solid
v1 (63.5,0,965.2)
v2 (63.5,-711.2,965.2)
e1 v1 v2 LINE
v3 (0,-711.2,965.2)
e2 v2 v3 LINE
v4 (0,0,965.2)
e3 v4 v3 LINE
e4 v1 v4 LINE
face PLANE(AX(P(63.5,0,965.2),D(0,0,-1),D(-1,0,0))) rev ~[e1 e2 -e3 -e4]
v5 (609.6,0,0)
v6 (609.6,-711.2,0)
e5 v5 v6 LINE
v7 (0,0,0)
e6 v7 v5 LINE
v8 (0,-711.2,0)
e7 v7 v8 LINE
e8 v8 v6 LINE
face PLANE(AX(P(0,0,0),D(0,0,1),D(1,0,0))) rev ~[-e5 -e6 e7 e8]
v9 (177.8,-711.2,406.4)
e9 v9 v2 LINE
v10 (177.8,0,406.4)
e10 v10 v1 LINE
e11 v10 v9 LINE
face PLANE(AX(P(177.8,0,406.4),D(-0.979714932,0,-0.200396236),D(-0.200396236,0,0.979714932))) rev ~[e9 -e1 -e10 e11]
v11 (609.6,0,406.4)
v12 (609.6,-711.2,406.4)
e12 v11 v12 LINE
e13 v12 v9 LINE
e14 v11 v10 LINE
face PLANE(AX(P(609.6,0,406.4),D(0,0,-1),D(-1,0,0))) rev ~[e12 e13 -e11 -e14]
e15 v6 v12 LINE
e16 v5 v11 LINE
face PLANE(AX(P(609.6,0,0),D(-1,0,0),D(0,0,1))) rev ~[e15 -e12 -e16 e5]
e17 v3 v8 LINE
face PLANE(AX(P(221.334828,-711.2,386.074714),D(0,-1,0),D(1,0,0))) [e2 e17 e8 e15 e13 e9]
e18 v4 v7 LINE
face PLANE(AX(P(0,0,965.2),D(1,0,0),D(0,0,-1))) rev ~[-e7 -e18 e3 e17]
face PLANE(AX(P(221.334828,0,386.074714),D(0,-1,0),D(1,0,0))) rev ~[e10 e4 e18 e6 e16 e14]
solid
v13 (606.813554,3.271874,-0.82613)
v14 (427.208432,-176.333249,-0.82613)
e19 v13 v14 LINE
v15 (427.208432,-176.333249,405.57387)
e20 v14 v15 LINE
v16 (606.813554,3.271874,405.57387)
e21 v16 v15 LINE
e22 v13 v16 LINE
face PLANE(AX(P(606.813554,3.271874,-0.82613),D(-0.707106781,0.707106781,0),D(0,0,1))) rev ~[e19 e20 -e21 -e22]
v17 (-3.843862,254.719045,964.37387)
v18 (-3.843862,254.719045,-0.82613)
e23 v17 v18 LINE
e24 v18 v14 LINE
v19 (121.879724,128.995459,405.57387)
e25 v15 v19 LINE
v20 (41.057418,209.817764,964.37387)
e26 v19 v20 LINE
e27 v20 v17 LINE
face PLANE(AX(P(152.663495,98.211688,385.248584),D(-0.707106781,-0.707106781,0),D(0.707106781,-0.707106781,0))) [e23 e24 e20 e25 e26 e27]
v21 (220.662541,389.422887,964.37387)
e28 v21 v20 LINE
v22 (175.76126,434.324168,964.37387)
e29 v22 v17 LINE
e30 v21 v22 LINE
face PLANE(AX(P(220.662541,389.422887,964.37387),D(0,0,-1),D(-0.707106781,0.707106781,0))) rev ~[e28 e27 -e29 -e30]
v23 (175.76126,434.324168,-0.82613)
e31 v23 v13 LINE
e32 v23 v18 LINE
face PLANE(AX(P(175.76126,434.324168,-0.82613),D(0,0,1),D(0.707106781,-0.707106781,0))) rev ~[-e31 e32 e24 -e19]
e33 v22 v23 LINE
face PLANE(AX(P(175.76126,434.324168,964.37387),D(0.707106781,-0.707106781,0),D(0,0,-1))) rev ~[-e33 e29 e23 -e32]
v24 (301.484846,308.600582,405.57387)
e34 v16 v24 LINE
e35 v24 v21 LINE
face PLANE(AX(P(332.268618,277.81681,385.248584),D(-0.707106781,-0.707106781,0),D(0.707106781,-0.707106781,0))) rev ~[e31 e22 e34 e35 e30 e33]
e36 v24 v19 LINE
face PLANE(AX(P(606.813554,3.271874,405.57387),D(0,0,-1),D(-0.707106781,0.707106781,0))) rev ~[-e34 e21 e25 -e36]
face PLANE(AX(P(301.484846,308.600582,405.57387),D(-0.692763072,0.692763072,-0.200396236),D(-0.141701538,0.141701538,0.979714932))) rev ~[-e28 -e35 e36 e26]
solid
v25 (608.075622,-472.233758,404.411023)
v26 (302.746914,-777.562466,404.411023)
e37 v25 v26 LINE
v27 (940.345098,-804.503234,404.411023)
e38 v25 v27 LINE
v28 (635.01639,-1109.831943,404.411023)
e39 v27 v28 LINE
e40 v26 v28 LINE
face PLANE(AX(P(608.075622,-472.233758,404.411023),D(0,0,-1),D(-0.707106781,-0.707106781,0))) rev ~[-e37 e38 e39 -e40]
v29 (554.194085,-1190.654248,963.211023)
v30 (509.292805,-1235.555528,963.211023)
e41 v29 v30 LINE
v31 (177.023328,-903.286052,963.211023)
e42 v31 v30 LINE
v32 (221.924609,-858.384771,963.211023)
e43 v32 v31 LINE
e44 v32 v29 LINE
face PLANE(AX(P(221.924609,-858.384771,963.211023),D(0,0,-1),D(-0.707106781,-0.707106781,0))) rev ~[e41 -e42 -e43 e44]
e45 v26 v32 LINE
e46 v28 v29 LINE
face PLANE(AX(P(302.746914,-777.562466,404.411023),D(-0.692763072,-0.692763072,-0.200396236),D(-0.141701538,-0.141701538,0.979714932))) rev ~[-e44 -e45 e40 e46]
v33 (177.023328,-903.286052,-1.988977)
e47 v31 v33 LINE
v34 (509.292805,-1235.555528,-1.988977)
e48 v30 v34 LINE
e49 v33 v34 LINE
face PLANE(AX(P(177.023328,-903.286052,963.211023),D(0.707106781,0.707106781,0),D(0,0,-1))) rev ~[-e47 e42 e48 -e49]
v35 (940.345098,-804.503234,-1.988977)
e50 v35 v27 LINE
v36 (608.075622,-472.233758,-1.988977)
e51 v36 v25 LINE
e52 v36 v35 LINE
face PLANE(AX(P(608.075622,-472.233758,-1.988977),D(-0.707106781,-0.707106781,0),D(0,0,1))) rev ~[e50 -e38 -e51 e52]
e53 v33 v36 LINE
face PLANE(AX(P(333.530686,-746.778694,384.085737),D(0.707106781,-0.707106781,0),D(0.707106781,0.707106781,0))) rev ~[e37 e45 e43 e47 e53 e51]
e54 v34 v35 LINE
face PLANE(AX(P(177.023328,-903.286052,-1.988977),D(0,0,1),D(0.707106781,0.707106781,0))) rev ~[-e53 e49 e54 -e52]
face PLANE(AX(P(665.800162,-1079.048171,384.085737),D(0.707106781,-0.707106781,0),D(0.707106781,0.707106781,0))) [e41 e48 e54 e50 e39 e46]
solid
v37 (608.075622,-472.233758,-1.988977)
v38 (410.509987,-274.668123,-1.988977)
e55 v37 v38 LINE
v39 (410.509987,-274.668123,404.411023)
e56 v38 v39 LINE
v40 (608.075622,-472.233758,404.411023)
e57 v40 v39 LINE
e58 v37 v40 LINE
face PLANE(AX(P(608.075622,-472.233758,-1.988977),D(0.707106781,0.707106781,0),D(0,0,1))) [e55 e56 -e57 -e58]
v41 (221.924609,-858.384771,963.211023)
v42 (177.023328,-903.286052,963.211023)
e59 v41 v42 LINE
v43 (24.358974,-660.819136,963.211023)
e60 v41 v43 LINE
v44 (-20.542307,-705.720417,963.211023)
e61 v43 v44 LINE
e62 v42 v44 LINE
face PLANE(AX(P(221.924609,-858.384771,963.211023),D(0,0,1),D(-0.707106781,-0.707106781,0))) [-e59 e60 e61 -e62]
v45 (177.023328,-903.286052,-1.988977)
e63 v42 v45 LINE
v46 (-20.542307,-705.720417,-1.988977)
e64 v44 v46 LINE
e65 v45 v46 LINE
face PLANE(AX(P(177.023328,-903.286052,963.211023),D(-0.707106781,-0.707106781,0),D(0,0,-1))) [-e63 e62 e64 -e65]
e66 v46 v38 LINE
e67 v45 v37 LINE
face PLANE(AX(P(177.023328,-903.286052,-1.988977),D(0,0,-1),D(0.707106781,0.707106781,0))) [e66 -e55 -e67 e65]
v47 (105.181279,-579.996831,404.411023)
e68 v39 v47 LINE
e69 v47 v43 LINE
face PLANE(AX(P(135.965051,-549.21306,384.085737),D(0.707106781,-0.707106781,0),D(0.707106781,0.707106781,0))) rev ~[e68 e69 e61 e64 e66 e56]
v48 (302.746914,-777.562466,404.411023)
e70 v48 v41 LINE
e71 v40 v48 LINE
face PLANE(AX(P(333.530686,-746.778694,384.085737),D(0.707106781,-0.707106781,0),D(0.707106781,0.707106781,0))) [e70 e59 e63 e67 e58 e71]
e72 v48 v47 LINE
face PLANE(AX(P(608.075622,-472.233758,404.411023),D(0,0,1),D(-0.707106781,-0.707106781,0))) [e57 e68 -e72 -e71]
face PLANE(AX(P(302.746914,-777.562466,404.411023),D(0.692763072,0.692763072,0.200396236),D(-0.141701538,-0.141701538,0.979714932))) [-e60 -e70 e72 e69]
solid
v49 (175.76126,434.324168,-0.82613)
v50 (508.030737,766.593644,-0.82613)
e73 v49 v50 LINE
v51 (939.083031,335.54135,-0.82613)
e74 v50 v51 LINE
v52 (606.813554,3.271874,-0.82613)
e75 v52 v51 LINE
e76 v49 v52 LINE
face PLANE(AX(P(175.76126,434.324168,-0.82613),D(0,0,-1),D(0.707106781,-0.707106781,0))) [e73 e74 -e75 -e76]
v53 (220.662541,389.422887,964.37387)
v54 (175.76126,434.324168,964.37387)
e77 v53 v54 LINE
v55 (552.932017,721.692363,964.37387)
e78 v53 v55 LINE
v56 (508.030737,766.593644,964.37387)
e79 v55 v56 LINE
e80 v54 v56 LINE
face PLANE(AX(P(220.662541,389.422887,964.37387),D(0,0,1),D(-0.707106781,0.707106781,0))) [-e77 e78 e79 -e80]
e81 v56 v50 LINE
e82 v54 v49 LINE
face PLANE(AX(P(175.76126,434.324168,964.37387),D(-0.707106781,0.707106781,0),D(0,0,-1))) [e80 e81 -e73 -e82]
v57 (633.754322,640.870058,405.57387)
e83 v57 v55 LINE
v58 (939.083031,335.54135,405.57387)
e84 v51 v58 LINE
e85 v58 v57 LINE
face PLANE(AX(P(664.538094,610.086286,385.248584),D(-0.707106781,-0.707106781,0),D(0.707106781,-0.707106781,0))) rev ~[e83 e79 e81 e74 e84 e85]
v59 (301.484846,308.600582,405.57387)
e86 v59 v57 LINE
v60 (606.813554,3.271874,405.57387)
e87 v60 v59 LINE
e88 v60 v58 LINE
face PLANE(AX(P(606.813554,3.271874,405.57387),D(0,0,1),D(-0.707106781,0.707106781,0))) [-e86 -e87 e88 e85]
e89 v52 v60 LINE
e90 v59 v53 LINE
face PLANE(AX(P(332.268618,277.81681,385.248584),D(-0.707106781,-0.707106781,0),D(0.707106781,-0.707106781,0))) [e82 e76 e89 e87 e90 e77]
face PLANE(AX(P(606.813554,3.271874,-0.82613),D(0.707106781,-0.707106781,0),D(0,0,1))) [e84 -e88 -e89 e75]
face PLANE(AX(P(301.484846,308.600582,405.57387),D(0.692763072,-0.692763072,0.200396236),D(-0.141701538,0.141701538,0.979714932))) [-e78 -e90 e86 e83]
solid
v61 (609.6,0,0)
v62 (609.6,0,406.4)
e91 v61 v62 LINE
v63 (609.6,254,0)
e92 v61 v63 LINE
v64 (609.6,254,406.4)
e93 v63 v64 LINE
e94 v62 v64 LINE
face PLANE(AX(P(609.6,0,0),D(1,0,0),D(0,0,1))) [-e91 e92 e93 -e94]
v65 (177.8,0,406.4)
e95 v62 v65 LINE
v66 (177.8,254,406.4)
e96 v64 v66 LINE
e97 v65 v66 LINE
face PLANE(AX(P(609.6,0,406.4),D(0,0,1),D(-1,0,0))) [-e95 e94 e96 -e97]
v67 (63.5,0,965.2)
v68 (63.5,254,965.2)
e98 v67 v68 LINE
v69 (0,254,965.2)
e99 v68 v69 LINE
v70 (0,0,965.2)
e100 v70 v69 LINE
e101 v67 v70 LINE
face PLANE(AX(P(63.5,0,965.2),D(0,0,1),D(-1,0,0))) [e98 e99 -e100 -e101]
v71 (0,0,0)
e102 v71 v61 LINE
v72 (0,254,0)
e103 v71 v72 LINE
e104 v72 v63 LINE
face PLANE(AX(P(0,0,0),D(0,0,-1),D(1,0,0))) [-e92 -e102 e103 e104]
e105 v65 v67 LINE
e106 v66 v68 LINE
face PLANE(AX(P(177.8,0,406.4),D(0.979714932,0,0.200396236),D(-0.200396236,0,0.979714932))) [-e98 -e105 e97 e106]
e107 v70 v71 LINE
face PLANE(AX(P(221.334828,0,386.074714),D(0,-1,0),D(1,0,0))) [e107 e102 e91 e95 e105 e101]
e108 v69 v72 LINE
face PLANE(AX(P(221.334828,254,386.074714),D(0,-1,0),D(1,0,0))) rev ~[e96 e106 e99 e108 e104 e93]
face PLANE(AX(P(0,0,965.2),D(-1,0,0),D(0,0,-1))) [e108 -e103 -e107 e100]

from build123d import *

# Parameters (mm, degrees)
F1_DEPTH  = 711.2
F5_DEPTH  = 469.9
F9_DEPTH  = 469.9
F10_DEPTH = 279.4
F11_DEPTH = 254
F12_DEPTH = 254


with BuildPart() as f1:
    # F0 (on Front) → F1 (new body)
    with BuildSketch(Plane.XZ):
        Polygon((0, 965.2), (0, 0), (609.6, 0), (609.6, 406.4), (177.8, 406.4), (63.5, 965.2), align=None)
    extrude(amount=F1_DEPTH)


with BuildPart() as f5:
    # F4 (on face) → F5 (new body)
    with BuildSketch(Plane(origin=(305.0427138805, 305.0427138805, 0), x_dir=(0.7071067812, -0.7071067812, 0), z_dir=(-0.7071067812, -0.7071067812, 0))):
        Polygon((-182.8315850894, 964.3738703728), (-182.8315850894, -0.8261296272), (426.7684149106, -0.8261296272), (426.7684149106, 405.5738703728), (-5.0315850894, 405.5738703728), (-119.3315850894, 964.3738703728), align=None)
    extrude(amount=-F5_DEPTH)


with BuildPart() as f9:
    # F8 (on face) → F9 (new body)
    with BuildSketch(Plane(origin=(540.15468995, -540.15468995, 0), x_dir=(0.7071067812, 0.7071067812, 0), z_dir=(0.7071067812, -0.7071067812, 0))):
        Polygon((-513.5452967683, 963.2110228688), (-513.5452967683, -1.9889771312), (96.0547032317, -1.9889771312), (96.0547032317, 404.4110228688), (-335.7452967683, 404.4110228688), (-450.0452967683, 963.2110228688), align=None)
    extrude(amount=F9_DEPTH)


with BuildPart() as f10:
    # F10 (new): a face of the model
    f10_faces = [f9.part.faces().sort_by_distance(p)[0] for p in [
        (356.2515923396, -724.0577875605, 295.0116369936),
    ]]
    extrude(f10_faces, amount=F10_DEPTH)


with BuildPart() as f11:
    # F11 (new): a face of the model
    f11_faces = [f5.part.faces().sort_by_distance(p)[0] for p in [
        (354.9895244297, 255.0959033314, 296.1744844976),
    ]]
    extrude(f11_faces, amount=F11_DEPTH)


with BuildPart() as f12:
    # F12 (new): a face of the model
    f12_faces = [f1.part.faces().sort_by_distance(p)[0] for p in [
        (253.4670419652, 0, 297.0006141249),
    ]]
    extrude(f12_faces, amount=F12_DEPTH)


solid = Compound([f1.part, f5.part, f9.part, f10.part, f11.part, f12.part])
